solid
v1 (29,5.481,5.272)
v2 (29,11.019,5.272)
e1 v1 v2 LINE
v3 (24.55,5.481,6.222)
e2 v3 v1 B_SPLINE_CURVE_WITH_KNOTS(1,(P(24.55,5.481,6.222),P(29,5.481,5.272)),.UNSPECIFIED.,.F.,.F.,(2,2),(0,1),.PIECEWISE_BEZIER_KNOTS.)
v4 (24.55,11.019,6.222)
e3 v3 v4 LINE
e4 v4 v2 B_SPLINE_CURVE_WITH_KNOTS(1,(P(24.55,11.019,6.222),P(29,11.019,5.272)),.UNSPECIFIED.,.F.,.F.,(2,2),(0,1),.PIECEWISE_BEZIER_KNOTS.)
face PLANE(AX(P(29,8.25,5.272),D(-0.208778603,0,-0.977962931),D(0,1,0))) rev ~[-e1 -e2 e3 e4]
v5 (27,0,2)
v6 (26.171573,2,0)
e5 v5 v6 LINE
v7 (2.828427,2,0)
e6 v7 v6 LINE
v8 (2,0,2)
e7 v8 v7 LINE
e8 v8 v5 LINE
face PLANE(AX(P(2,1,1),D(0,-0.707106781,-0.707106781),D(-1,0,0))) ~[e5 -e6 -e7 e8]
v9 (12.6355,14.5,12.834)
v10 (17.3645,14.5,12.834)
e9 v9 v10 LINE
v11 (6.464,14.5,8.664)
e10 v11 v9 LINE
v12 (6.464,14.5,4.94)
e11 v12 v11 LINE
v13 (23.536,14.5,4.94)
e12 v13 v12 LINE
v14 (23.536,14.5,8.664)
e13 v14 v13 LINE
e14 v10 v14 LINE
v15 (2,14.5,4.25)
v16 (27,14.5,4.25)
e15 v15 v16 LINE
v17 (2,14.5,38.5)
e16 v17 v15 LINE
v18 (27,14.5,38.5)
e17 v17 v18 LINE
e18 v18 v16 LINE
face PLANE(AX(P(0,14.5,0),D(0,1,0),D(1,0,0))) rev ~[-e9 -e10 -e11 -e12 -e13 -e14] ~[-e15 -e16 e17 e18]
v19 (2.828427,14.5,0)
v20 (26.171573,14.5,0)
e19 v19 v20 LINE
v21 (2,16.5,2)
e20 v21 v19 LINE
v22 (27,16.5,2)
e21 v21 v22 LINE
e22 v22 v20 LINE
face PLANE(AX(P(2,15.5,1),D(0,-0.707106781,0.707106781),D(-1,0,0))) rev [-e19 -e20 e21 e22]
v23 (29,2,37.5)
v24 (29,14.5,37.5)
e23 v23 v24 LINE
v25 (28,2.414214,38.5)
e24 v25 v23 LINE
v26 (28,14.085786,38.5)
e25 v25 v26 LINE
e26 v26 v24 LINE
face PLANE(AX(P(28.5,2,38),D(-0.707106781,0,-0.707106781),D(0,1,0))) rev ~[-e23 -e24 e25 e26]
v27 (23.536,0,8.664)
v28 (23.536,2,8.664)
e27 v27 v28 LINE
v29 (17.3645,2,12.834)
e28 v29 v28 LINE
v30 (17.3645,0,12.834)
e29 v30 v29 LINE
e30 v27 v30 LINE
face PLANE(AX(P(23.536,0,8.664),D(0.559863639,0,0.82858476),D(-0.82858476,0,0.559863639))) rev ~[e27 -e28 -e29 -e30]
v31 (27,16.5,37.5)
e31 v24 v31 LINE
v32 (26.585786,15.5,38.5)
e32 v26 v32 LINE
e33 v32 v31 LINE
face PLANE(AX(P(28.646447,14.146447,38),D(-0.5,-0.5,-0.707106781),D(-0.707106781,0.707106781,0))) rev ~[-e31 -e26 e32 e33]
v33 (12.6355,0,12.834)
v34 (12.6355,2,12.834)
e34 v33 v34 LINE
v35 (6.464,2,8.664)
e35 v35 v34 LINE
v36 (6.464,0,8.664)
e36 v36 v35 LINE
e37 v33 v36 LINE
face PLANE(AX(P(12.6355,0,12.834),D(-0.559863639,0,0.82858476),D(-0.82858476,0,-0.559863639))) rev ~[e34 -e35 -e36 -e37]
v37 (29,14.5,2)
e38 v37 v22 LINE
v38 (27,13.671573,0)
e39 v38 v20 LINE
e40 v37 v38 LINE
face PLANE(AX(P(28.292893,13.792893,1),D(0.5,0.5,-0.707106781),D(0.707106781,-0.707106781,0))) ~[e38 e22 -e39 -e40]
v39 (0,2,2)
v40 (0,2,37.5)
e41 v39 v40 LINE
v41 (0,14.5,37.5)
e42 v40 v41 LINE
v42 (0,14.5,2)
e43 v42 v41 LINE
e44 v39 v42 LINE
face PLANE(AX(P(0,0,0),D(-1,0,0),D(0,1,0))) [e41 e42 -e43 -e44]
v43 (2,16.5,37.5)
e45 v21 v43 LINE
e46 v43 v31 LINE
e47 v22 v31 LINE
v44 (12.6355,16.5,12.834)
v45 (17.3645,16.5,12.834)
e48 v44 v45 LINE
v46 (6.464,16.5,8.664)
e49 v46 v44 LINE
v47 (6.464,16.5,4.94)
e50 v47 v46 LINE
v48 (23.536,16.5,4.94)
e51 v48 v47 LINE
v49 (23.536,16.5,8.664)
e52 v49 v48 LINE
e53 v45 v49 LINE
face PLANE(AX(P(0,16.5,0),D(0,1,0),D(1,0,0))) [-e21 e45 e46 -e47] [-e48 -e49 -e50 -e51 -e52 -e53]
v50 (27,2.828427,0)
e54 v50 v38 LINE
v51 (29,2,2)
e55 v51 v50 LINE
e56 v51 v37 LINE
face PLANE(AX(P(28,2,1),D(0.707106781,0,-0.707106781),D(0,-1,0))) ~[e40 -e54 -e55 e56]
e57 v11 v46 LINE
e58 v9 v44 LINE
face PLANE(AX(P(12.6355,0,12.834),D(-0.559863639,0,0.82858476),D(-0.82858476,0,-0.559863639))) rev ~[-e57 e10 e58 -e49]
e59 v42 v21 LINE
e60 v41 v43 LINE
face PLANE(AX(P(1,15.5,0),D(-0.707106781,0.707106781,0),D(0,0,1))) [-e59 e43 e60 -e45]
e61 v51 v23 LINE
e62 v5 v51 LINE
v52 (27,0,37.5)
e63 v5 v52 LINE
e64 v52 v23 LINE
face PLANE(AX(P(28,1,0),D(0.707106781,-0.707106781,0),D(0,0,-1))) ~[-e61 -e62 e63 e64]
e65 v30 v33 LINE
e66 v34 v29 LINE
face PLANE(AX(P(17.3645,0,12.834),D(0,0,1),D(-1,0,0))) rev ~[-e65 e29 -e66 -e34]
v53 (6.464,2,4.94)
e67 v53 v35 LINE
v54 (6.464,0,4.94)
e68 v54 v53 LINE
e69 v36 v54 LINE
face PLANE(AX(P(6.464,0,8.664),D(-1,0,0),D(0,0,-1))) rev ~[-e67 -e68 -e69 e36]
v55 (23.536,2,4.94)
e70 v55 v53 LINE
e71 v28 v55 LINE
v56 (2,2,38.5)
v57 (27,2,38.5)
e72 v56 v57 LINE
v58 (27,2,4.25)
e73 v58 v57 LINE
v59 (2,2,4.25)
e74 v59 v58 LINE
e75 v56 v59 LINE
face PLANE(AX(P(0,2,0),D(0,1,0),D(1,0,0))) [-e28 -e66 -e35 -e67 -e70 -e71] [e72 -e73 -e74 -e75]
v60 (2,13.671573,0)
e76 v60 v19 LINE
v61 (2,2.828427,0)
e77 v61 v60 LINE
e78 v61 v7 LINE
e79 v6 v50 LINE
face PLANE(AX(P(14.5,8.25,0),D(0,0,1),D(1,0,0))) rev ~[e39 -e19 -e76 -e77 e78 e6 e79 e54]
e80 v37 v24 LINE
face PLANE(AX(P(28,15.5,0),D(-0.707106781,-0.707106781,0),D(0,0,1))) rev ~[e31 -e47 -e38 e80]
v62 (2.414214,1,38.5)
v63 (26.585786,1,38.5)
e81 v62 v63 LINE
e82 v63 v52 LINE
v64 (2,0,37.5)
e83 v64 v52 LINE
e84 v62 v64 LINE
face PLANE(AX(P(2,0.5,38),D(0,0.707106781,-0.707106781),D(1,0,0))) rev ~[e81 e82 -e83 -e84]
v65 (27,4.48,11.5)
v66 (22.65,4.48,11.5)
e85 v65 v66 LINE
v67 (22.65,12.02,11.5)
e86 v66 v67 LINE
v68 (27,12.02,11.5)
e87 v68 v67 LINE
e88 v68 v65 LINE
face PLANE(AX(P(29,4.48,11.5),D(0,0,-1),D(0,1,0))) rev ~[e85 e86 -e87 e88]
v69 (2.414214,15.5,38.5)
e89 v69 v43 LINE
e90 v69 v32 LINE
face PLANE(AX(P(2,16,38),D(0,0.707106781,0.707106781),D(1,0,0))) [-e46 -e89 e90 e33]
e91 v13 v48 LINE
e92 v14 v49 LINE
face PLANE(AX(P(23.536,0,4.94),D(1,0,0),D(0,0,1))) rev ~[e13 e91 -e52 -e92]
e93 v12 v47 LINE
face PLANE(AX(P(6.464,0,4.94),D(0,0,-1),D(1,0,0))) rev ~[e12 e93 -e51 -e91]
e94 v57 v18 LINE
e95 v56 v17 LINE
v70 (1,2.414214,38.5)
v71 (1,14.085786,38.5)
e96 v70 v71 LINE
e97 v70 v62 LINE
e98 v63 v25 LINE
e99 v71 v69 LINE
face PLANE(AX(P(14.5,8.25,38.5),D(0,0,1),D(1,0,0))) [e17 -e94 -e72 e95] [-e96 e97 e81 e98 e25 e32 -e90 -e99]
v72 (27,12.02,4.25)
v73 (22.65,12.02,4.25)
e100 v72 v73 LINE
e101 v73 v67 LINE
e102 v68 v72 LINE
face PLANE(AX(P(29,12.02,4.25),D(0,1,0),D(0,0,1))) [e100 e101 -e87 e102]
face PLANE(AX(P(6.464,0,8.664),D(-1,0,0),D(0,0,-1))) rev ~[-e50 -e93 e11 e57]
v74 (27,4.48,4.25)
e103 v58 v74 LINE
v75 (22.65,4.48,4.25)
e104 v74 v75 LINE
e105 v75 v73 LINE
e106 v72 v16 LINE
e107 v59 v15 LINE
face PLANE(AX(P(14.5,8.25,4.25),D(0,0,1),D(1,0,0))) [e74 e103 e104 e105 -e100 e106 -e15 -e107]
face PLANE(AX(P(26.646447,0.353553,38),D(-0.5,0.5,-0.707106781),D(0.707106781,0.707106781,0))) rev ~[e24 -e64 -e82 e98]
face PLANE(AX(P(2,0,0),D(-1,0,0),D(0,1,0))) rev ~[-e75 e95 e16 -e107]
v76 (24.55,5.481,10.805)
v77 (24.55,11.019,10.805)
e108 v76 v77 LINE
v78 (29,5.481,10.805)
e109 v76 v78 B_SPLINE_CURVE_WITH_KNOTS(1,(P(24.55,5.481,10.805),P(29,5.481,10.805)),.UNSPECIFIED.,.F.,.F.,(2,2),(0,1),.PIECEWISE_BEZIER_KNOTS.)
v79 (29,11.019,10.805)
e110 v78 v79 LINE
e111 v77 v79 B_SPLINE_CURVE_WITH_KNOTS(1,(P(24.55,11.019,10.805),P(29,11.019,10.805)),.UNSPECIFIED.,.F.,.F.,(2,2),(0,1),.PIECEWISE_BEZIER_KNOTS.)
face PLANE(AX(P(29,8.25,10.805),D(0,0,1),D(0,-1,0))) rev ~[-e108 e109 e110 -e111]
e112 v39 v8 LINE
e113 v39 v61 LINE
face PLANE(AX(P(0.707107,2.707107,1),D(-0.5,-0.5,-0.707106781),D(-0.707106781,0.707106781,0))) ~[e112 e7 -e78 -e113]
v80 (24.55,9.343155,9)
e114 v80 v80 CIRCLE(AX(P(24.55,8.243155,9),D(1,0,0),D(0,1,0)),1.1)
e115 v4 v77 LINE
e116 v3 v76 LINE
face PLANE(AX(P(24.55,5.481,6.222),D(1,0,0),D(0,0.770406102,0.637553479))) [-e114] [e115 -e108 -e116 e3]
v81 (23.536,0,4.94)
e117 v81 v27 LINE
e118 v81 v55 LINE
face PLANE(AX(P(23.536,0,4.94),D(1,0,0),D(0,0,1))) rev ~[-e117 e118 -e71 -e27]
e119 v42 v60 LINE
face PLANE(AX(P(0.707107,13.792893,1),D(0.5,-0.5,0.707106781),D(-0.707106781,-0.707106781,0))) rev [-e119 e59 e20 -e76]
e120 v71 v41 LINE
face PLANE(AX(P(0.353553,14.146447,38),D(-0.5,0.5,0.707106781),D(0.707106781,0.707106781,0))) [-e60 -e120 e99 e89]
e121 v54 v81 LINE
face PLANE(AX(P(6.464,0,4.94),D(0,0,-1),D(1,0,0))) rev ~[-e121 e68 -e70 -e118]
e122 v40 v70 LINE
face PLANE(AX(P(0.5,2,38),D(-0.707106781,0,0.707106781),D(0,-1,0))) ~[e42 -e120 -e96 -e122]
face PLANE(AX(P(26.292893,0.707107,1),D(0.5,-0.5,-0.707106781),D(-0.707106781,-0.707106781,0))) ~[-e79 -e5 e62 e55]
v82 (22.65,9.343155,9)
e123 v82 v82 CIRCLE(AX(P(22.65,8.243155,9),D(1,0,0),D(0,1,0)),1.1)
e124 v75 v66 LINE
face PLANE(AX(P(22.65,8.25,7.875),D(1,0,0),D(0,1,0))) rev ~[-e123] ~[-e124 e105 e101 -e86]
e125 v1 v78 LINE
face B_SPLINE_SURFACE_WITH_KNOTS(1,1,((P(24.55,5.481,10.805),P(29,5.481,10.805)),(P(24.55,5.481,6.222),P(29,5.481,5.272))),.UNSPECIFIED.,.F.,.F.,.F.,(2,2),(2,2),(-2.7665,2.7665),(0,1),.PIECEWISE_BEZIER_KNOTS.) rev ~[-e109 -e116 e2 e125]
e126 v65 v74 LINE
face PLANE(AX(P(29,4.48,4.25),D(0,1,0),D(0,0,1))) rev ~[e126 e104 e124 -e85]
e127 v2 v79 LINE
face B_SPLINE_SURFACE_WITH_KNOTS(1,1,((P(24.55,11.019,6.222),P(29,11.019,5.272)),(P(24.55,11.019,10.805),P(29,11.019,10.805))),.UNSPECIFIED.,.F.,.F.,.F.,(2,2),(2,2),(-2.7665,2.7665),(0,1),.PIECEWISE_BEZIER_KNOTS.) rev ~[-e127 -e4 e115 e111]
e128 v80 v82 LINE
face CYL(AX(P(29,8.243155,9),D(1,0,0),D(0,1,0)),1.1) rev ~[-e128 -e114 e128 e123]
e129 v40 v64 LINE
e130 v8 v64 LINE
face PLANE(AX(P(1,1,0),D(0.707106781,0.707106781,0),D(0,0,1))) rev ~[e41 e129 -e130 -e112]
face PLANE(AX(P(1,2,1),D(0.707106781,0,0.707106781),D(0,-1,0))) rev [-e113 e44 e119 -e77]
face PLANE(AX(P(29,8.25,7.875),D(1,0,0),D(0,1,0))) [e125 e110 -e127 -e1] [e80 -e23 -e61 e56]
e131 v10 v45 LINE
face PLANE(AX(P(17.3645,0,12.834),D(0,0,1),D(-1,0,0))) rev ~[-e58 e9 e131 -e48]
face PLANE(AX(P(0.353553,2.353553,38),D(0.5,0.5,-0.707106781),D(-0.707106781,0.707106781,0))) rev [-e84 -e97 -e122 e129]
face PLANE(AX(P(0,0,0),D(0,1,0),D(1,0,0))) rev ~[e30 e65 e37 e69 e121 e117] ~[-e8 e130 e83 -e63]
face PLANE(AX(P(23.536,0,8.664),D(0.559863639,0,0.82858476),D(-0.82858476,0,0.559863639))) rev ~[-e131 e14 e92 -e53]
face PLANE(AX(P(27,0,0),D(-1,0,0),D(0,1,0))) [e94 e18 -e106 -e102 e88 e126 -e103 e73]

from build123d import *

# Parameters (mm, degrees)
F0_W      = 29
F0_H      = 16.5
F1_DEPTH  = 38.5
F2_T      = -2
F3_DEPTH  = 2.25
F4_SIZE   = 2
F5_SIZE   = 2
F6_SIZE   = 1
F8_DEPTH  = 16.501
F9_W      = 7.54
F9_H      = 7.25
F9_R      = 1.1
F10_DEPTH = 6.35
F13_W     = 5.538
F13_H     = 4.583
F11_W     = 5.538
F11_H     = 5.533


with BuildPart() as f1:
    # F0 (on Top) → F1 (new body)
    with BuildSketch(Plane.XY):
        with Locations((14.5, 8.25)):
            Rectangle(F0_W, F0_H)
    extrude(amount=F1_DEPTH)

    # F2
    f2_openings = [f1.faces().sort_by_distance(p)[0] for p in [
        (14.5, 8.25, 38.5),
    ]]
    offset(amount=F2_T, openings=f2_openings)

    # F3 (add): a face of the model
    f3_faces = [f1.faces().sort_by_distance(p)[0] for p in [
        (14.5, 8.25, 2),
    ]]
    extrude(f3_faces, amount=F3_DEPTH)

    # F4
    f4_edges = [f1.edges().sort_by_distance(p)[0] for p in [
        (29, 0, 19.25),
        (29, 16.5, 19.25),
        (0, 16.5, 19.25),
        (0, 0, 19.25),
    ]]
    chamfer(f4_edges, length=F4_SIZE)

    # F5
    f5_edges = [f1.edges().sort_by_distance(p)[0] for p in [
        (0, 8.25, 0),
        (1, 15.5, 0),
        (1, 1, 0),
        (14.5, 16.5, 0),
        (14.5, 0, 0),
        (28, 15.5, 0),
        (28, 1, 0),
        (29, 8.25, 0),
    ]]
    chamfer(f5_edges, length=F5_SIZE)

    # F6
    f6_edges = [f1.edges().sort_by_distance(p)[0] for p in [
        (14.5, 0, 38.5),
        (28, 1, 38.5),
        (29, 8.25, 38.5),
        (28, 15.5, 38.5),
        (14.5, 16.5, 38.5),
        (1, 15.5, 38.5),
        (0, 8.25, 38.5),
        (1, 1, 38.5),
    ]]
    chamfer(f6_edges, length=F6_SIZE)

    # F7 (on face) → F8 (cut, through all)
    with BuildSketch(Plane.XZ):
        Polygon((6.464, 8.664), (6.464, 4.94), (23.536, 4.94), (23.536, 8.664), (17.3645, 12.834), (12.6355, 12.834), align=None)
    extrude(amount=-F8_DEPTH, mode=Mode.SUBTRACT)

    # F9 (on face) → F10 (join)
    with BuildSketch(Plane.YZ.offset(29)):
        with Locations((8.25, 7.875)):
            Rectangle(F9_W, F9_H)
        with Locations((8.2431549785, 9)):
            Circle(F9_R, mode=Mode.SUBTRACT)
    extrude(amount=-F10_DEPTH)

    # F13 (on offset) → F14 section 0
    with BuildSketch(Plane.YZ.offset(24.55)):
        with Locations((8.25, 8.5135)):
            Rectangle(F13_W, F13_H)
    # F11 (on face) → F14 section 1
    with BuildSketch(Plane.YZ.offset(29)):
        with Locations((8.25, 8.0385)):
            Rectangle(F11_W, F11_H)
    loft(mode=Mode.SUBTRACT)


solid = f1.part
